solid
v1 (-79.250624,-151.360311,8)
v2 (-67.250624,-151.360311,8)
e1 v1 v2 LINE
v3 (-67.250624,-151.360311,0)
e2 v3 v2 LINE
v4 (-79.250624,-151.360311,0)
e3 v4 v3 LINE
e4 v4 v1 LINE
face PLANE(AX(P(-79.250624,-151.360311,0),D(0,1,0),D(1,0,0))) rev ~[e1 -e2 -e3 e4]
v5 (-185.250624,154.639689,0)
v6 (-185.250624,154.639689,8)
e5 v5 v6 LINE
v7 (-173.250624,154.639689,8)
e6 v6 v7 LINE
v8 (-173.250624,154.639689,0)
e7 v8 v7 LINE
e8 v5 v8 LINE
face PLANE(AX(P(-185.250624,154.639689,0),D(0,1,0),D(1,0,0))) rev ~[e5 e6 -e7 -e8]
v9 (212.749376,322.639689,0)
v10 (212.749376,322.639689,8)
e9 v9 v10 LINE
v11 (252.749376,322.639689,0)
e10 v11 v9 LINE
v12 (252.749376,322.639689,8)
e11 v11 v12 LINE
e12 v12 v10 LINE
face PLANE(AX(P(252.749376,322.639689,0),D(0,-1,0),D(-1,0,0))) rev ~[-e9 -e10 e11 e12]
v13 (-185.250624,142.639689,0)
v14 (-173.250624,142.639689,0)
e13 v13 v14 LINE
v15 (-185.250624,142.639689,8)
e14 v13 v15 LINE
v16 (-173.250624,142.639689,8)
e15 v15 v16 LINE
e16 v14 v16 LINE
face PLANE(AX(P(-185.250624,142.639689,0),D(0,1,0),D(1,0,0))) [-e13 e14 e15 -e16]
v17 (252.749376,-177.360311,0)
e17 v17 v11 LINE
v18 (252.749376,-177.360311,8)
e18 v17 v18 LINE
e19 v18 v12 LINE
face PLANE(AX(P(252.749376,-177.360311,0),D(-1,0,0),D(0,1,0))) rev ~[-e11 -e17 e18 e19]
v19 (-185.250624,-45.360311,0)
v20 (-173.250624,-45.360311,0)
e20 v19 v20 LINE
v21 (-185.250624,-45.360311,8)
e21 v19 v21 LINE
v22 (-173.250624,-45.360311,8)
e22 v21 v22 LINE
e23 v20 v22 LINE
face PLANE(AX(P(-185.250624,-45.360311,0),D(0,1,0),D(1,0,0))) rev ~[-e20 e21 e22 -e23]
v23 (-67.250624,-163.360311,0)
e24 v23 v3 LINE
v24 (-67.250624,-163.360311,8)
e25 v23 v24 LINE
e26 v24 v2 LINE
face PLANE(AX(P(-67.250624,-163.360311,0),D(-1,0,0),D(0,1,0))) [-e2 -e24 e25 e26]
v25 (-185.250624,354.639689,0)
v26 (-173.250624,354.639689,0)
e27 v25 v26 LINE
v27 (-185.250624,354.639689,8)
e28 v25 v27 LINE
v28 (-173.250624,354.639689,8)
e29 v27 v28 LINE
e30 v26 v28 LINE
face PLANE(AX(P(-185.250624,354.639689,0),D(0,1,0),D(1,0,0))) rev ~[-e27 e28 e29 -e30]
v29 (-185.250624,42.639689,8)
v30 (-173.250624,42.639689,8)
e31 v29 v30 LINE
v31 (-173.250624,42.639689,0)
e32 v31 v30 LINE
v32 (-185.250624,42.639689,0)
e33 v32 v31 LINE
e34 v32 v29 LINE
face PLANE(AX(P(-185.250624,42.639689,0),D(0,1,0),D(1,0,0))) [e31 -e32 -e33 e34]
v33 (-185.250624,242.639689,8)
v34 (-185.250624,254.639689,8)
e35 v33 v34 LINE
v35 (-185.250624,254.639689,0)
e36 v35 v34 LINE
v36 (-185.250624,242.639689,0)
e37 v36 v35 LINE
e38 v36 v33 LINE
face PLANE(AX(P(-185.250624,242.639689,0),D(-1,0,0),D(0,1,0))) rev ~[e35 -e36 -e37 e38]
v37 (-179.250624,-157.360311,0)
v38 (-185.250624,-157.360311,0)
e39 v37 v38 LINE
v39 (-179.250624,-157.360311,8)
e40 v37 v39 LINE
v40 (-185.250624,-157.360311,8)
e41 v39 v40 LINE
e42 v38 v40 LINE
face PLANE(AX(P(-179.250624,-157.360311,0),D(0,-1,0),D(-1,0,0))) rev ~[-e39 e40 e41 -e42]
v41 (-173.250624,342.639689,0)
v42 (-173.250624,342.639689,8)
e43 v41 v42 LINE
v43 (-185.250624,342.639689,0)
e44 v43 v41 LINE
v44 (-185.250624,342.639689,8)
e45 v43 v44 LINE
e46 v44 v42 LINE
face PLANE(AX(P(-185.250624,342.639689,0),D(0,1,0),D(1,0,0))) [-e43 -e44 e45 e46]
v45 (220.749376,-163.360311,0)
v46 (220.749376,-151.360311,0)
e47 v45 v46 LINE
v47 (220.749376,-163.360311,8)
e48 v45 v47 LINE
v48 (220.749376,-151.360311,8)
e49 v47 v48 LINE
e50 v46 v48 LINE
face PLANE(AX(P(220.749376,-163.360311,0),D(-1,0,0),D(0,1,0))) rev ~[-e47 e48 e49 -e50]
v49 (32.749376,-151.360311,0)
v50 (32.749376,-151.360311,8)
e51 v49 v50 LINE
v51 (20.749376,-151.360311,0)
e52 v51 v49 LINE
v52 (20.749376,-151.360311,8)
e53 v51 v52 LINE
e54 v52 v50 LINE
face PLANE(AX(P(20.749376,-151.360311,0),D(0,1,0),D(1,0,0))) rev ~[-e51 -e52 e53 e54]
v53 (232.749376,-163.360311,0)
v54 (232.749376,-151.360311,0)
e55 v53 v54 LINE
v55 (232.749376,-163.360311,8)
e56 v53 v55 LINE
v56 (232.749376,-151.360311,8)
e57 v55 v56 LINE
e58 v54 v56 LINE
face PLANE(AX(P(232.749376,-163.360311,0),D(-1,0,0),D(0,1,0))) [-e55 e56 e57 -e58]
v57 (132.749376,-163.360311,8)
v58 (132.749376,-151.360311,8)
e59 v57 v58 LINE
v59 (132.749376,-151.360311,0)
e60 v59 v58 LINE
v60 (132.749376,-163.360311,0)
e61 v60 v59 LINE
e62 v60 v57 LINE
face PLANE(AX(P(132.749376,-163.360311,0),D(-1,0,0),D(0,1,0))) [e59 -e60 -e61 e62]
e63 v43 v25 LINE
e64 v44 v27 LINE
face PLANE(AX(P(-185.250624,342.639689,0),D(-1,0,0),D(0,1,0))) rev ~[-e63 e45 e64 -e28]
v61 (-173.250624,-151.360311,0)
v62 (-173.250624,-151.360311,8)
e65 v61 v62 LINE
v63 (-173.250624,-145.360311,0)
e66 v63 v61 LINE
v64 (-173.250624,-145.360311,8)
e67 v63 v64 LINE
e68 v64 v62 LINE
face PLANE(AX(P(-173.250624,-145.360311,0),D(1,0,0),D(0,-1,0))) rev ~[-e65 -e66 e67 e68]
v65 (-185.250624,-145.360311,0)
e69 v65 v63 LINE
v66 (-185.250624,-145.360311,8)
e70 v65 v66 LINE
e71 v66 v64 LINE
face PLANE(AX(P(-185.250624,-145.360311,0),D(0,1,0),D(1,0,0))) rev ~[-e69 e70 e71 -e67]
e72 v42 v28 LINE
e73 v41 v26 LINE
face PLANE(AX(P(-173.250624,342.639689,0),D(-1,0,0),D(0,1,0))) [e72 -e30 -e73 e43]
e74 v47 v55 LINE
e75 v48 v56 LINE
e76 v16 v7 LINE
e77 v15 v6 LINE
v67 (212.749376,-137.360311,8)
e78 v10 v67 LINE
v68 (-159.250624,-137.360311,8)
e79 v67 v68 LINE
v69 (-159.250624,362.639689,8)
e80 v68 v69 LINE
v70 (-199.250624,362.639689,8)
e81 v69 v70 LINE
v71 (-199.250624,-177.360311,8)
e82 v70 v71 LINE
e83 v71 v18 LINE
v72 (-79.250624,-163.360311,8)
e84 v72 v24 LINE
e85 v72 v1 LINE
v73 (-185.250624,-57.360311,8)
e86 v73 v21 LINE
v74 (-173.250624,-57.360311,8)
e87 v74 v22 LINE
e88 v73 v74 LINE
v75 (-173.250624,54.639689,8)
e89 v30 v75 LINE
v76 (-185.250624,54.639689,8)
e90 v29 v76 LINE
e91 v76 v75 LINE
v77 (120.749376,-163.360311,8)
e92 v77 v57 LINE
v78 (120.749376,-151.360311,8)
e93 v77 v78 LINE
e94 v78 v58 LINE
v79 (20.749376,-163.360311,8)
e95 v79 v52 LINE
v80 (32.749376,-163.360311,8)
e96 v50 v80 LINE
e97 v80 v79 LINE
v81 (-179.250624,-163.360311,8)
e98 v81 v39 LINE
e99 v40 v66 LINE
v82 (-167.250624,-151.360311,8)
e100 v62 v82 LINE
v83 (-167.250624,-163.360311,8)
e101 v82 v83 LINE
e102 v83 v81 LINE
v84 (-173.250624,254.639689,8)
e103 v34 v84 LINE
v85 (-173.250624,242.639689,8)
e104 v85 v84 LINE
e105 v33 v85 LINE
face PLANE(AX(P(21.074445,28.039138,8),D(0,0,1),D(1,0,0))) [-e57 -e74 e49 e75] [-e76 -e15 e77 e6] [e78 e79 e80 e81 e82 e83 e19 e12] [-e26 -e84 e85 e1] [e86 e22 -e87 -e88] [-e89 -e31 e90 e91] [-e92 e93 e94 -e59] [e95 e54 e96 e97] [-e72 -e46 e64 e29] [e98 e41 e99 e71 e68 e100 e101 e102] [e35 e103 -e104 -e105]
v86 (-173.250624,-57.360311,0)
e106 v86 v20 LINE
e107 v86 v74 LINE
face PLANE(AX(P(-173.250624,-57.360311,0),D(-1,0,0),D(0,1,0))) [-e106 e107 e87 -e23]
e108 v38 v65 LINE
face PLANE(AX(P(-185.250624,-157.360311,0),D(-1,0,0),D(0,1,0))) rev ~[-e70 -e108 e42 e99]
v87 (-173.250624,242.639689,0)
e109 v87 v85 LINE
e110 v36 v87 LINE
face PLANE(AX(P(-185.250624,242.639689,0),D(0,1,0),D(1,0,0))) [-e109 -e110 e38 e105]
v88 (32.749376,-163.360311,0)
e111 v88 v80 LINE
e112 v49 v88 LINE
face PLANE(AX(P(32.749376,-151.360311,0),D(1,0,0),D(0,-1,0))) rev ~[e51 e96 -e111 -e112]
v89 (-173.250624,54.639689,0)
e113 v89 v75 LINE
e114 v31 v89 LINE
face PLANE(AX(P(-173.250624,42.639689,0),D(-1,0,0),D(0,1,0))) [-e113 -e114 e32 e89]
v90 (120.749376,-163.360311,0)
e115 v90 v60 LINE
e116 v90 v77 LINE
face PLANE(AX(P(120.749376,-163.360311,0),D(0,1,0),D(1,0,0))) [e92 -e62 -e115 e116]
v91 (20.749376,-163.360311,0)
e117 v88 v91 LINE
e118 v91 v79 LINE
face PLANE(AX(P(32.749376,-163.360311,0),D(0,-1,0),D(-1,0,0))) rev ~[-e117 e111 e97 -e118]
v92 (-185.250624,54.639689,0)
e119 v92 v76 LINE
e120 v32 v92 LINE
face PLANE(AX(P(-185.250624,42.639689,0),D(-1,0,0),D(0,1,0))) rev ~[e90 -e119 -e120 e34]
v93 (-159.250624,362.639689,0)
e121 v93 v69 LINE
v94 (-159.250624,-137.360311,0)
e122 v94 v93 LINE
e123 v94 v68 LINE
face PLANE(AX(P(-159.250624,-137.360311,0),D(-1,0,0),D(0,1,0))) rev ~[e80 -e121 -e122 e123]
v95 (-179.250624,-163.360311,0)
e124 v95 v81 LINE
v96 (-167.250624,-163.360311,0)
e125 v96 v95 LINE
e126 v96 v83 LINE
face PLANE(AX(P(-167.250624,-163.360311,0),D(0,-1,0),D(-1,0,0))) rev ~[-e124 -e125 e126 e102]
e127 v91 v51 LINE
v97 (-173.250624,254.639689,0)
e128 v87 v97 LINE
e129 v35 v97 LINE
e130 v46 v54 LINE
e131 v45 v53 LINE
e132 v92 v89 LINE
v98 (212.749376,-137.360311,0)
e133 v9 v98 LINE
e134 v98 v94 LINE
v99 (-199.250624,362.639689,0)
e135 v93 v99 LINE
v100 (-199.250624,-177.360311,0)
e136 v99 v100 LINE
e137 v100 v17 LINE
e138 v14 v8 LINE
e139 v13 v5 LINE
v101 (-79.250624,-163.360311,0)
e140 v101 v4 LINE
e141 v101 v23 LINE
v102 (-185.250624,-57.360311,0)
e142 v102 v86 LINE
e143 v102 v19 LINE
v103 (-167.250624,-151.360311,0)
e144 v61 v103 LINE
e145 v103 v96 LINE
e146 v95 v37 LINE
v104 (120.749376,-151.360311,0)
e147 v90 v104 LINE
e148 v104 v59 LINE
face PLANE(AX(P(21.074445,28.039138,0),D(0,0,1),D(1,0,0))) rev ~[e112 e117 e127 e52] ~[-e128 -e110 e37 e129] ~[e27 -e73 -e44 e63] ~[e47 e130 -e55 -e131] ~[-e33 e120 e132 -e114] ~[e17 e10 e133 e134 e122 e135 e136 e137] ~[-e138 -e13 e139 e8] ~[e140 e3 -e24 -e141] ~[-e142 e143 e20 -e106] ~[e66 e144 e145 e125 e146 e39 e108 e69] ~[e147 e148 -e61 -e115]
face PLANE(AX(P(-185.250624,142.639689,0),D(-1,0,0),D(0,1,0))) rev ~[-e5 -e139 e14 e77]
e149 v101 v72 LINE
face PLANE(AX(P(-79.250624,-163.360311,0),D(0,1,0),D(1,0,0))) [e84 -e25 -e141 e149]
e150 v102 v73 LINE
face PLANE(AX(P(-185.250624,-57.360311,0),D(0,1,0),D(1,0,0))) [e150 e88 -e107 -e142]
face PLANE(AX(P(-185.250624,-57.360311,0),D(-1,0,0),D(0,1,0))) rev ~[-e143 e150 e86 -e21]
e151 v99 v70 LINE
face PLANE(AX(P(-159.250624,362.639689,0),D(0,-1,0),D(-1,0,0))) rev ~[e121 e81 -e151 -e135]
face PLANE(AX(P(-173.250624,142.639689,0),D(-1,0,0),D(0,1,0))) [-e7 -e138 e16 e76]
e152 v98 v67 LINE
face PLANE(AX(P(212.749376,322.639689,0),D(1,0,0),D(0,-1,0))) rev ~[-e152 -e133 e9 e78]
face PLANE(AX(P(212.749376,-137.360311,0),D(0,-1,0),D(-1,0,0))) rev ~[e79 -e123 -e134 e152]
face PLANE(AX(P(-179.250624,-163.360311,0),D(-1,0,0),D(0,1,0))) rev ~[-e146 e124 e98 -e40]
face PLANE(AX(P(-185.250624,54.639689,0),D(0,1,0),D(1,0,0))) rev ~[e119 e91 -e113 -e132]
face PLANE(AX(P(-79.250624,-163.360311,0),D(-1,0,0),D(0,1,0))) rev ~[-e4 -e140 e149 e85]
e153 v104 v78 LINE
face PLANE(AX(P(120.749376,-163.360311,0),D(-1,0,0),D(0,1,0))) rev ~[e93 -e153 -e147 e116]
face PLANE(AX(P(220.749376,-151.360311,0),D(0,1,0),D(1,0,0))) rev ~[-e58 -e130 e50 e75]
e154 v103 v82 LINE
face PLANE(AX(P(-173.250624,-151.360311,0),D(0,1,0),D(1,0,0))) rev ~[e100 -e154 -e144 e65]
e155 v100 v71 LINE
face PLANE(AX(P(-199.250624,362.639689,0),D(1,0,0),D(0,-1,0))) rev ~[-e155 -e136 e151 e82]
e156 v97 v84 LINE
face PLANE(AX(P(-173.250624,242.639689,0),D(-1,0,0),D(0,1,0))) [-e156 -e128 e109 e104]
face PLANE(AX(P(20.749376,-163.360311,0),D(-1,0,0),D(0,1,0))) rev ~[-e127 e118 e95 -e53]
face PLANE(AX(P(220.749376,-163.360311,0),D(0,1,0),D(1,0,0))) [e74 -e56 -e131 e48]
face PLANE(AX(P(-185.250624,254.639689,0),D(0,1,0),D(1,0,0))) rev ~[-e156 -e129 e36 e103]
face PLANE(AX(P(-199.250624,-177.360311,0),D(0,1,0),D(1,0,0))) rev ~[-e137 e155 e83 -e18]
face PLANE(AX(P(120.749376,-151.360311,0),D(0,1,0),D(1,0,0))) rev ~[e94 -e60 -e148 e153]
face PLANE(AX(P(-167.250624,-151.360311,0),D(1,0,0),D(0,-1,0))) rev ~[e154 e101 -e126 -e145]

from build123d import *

# Parameters (mm, degrees)
F0_W     = 12
F0_H     = 12
F1_DEPTH = 8


with BuildPart() as f1:
    # F0 (on Top) → F1 (new body)
    with BuildSketch(Plane.XY):
        Polygon((-199.250624, -177.360311), (252.749376, -177.360311), (252.749376, 322.639689), (212.749376, 322.639689), (212.749376, -137.360311), (26.749376, -137.360311), (-159.250624, -137.360311), (-159.250624, 362.639689), (-199.250624, 362.639689), align=None)
        Polygon((-179.250624, -163.360311), (-179.250624, -157.360311), (-185.250624, -157.360311), (-185.250624, -145.360311), (-173.250624, -145.360311), (-173.250624, -151.360311), (-167.250624, -151.360311), (-167.250624, -163.360311), align=None, mode=Mode.SUBTRACT)
        with Locations((-179.250624, -51.360311)):
            Rectangle(F0_W, F0_H, mode=Mode.SUBTRACT)
        with Locations((-73.250624, -157.360311)):
            Rectangle(F0_W, F0_H, mode=Mode.SUBTRACT)
        with Locations((-179.250624, 48.639689)):
            Rectangle(F0_W, F0_H, mode=Mode.SUBTRACT)
        Polygon((20.749376, -151.360311), (26.749376, -151.360311), (32.749376, -151.360311), (32.749376, -163.360311), (20.749376, -163.360311), align=None, mode=Mode.SUBTRACT)
        with Locations((126.749376, -157.360311)):
            Rectangle(F0_W, F0_H, mode=Mode.SUBTRACT)
        with Locations((226.749376, -157.360311)):
            Rectangle(F0_W, F0_H, mode=Mode.SUBTRACT)
        with Locations((-179.250624, 148.639689)):
            Rectangle(F0_W, F0_H, mode=Mode.SUBTRACT)
        with Locations((-179.250624, 248.639689)):
            Rectangle(F0_W, F0_H, mode=Mode.SUBTRACT)
        with Locations((-179.250624, 348.639689)):
            Rectangle(F0_W, F0_H, mode=Mode.SUBTRACT)
    extrude(amount=F1_DEPTH)


solid = f1.part
